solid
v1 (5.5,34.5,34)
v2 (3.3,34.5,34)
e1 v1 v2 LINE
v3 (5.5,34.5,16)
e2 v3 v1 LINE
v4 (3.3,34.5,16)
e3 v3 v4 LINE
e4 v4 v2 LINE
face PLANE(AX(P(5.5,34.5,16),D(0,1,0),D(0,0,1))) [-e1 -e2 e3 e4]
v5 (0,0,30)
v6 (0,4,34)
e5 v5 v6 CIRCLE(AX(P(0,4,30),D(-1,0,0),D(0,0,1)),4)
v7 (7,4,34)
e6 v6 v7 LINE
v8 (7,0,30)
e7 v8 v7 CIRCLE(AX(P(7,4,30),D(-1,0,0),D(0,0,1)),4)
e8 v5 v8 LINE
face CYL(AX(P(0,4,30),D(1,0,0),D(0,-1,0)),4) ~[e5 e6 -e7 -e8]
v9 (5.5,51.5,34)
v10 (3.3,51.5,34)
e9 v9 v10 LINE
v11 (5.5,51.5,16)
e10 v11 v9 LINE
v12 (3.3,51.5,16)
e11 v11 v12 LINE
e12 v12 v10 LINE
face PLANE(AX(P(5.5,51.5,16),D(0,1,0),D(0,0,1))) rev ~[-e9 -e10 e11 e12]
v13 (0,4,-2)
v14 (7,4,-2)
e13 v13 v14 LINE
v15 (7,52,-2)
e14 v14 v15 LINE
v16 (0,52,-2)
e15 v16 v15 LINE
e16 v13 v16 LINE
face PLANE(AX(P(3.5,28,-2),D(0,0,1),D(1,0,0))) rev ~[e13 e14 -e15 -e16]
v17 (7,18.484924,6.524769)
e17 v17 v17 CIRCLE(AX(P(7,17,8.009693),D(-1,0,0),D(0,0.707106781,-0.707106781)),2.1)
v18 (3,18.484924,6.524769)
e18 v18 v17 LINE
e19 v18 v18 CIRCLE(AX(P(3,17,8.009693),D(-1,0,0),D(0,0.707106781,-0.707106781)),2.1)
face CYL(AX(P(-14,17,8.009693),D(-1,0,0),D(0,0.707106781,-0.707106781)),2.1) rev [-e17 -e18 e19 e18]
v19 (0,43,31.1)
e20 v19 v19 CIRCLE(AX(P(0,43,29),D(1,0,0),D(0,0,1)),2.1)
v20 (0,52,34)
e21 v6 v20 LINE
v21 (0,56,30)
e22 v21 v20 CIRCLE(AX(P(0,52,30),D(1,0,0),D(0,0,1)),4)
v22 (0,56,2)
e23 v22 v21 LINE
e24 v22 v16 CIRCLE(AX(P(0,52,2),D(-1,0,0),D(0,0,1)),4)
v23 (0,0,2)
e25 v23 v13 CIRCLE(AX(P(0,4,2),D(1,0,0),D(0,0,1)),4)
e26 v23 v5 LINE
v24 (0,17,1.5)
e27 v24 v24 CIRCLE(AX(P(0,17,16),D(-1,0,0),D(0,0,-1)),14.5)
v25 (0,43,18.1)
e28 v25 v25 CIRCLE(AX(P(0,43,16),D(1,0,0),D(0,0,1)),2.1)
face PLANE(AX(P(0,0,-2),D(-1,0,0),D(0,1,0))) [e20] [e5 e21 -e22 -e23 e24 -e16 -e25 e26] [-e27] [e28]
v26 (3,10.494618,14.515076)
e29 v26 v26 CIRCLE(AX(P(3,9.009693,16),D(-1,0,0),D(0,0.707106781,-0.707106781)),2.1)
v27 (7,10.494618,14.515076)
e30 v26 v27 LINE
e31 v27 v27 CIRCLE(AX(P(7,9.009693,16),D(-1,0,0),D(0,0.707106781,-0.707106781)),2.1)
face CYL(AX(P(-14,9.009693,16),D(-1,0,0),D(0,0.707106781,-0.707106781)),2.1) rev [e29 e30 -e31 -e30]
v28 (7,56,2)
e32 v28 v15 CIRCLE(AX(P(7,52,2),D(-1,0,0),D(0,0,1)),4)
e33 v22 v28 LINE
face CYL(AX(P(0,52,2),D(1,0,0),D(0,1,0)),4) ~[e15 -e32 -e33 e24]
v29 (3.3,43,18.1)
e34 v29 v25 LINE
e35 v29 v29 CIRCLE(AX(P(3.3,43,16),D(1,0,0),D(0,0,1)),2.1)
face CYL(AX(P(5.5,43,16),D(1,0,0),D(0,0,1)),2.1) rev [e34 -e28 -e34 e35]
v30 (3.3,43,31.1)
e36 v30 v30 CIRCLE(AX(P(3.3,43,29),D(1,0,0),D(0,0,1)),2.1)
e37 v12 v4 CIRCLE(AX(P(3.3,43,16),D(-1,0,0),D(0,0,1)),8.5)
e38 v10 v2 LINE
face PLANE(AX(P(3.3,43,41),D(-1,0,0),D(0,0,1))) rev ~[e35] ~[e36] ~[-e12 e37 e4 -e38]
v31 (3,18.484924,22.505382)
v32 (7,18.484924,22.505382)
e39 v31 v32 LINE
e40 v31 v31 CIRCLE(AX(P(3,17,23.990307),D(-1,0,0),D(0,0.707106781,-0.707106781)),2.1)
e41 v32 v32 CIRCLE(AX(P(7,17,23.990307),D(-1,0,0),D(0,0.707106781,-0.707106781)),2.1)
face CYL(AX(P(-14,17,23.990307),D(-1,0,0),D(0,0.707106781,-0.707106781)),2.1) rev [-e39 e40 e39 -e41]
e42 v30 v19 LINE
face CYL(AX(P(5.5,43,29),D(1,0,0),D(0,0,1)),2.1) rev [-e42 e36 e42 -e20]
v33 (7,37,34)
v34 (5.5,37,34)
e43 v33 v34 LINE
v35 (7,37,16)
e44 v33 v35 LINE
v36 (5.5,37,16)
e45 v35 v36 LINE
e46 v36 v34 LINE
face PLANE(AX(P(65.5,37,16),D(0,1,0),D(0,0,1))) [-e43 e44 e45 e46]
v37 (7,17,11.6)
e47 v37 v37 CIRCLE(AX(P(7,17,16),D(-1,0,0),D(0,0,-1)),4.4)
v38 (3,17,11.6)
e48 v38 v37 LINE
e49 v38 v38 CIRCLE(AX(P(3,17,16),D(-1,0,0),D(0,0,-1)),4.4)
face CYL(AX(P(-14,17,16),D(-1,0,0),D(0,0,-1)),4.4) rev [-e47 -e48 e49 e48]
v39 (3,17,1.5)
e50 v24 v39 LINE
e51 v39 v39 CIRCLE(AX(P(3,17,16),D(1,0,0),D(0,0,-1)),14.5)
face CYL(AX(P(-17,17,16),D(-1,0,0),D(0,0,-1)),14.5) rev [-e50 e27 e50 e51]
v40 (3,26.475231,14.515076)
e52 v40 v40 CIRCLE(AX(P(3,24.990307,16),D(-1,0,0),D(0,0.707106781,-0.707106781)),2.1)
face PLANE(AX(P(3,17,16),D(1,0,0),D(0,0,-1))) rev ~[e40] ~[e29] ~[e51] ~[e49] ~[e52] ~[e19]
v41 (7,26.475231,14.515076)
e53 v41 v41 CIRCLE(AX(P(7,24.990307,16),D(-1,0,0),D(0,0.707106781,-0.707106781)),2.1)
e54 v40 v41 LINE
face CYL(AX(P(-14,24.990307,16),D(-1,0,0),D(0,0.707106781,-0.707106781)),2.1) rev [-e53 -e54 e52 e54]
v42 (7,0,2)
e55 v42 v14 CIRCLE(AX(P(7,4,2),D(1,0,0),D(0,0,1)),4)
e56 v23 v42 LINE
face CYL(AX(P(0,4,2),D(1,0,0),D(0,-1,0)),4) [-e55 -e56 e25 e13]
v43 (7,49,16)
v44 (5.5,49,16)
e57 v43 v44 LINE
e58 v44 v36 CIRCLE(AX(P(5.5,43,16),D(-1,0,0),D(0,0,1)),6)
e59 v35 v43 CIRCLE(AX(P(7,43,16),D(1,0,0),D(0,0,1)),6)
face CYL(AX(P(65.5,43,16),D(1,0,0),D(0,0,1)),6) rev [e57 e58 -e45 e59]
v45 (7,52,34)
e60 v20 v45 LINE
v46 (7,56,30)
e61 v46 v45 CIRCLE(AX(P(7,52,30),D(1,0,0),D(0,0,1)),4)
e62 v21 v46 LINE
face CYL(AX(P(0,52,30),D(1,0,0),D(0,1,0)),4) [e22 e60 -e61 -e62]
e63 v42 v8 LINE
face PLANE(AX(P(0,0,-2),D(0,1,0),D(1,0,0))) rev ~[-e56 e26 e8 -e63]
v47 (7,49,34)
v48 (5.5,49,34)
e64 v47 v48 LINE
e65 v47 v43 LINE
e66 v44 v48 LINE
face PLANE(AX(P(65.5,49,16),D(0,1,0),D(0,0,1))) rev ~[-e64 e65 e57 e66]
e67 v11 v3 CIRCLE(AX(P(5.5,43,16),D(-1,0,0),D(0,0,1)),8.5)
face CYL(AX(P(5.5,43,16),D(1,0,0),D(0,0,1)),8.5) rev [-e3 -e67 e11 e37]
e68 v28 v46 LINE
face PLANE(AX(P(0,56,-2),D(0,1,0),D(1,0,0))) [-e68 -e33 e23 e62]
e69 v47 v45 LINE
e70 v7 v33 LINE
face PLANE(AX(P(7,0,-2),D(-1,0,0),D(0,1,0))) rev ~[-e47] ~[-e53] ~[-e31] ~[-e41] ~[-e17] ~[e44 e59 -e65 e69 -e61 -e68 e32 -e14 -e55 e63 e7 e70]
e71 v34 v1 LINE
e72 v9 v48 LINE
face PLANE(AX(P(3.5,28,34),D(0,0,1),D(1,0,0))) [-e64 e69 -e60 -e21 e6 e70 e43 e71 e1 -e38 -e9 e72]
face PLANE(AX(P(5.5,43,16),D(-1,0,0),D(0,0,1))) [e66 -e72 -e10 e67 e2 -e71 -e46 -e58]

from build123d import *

# Parameters (mm, degrees)
CYLINDER018_R               = 14.5
CYLINDER018_DEPTH           = 20
CYLINDER114_R               = 2.1
CYLINDER114_DEPTH           = 30
ARRAY001010_X_COUNT         = 2
ARRAY001010_X_PITCH         = 11.3
ARRAY001010_Y_COUNT         = 2
ARRAY001010_Y_PITCH         = 11.3
COMPOUND005_PLACEMENT_ANGLE = 45
CYLINDER012_R               = 4.4
CYLINDER012_DEPTH           = 40
FUSION004_PLACEMENT_ANGLE   = 90
CYLINDER111_R               = 6
CYLINDER111_DEPTH           = 60
BOX011_W                    = 50
BOX011_H                    = 17
BOX011_DEPTH                = 2.2
BOX012_W                    = 50
BOX012_H                    = 12
BOX012_DEPTH                = 60
CYLINDER113_R               = 2.1
CYLINDER113_DEPTH           = 20
ARRAY001019_X_COUNT         = 2
ARRAY001019_X_PITCH         = 13
CYLINDER112_R               = 8.5
CYLINDER112_DEPTH           = 2.2
FUSION013_PLACEMENT_ANGLE   = 90
BOX010_W                    = 7
BOX010_H                    = 56
BOX010_DEPTH                = 36
FILLET005_R                 = 4


with BuildPart() as backlash_nut_disk_hole:
    # Cylinder018 → Cylinder018 (new body)
    with BuildSketch(Plane.XY.offset(-23)):
        Circle(CYLINDER018_R)
    extrude(amount=CYLINDER018_DEPTH)


with BuildPart() as backlash_insert_holes_compound:
    # Cylinder114 → Cylinder114 (new body)
    with BuildSketch(Plane.XY.offset(-20)):
        Circle(CYLINDER114_R)
    extrude(amount=CYLINDER114_DEPTH)

    # Array001010 X: backlash insert holes compound ×2


with BuildPart() as backlash_insert_holes_compound_1:
    add(backlash_insert_holes_compound.part)
    with Locations(*[(i * ARRAY001010_X_PITCH, 0, 0) for i in range(1, ARRAY001010_X_COUNT)]):
        add(backlash_insert_holes_compound.part)

    # Array001010 Y: backlash insert holes compound ×2


with BuildPart() as backlash_insert_holes_compound_2:
    add(backlash_insert_holes_compound_1.part)
    with Locations(*[(0, i * ARRAY001010_Y_PITCH, 0) for i in range(1, ARRAY001010_Y_COUNT)]):
        add(backlash_insert_holes_compound_1.part)


with BuildPart() as backlash_insert_holes_compound_3:
    # Array001010 placement: moved
    add(backlash_insert_holes_compound_2.part.moved(Location((-5.65, -5.65, 0))))


with BuildPart() as backlash_insert_holes_compound_4:
    # Compound005 placement: moved
    add(backlash_insert_holes_compound_3.part.rotate(Axis((0, 0, 0), (0, 0, 1)), COMPOUND005_PLACEMENT_ANGLE))


with BuildPart() as nut_disk_hole_union:
    # Cylinder012 → Cylinder012 (new body)
    with BuildSketch(Plane.XY.offset(-20)):
        Circle(CYLINDER012_R)
    extrude(amount=CYLINDER012_DEPTH)

    # Fusion004: union backlash nut disk hole, backlash insert holes compound
    add(backlash_nut_disk_hole.part)
    add(backlash_insert_holes_compound_4.part)


with BuildPart() as nut_disk_hole_union_1:
    # Fusion004 placement: moved
    add(nut_disk_hole_union.part.moved(Location((6, 17, 16))).rotate(Axis((6, 17, 16), (0, 1, 0)), FUSION004_PLACEMENT_ANGLE))


with BuildPart() as syringe_pusher_body_extract:
    # Cylinder111 → Cylinder111 (new body)
    with BuildSketch(Plane.XY):
        Circle(CYLINDER111_R)
    extrude(amount=CYLINDER111_DEPTH)


with BuildPart() as syringe_pusher_disk_path_extract:
    # Box011 → Box011 (new body)
    with BuildSketch(Plane(origin=(0, -8.5, 60), x_dir=(1, 0, 0), z_dir=(0, 0, 1))):
        with Locations((25, 8.5)):
            Rectangle(BOX011_W, BOX011_H)
    extrude(amount=BOX011_DEPTH)


with BuildPart() as syringe_pusher_body_path_extract:
    # Box012 → Box012 (new body)
    with BuildSketch(Plane(origin=(0, -6, 0), x_dir=(1, 0, 0), z_dir=(0, 0, 1))):
        with Locations((25, 6)):
            Rectangle(BOX012_W, BOX012_H)
    extrude(amount=BOX012_DEPTH)


with BuildPart() as syringe_pusher_insert_hole_extract_array:
    # Cylinder113 → Cylinder113 (new body)
    with BuildSketch(Plane.XY.offset(60)):
        Circle(CYLINDER113_R)
    extrude(amount=CYLINDER113_DEPTH)

    # Array001019 X: syringe pusher insert hole extract array ×2


with BuildPart() as syringe_pusher_insert_hole_extract_array_1:
    add(syringe_pusher_insert_hole_extract_array.part)
    with Locations(*[(i * ARRAY001019_X_PITCH, 0, 0) for i in range(1, ARRAY001019_X_COUNT)]):
        add(syringe_pusher_insert_hole_extract_array.part)


with BuildPart() as middle_block_extract_fusion:
    # Cylinder112 → Cylinder112 (new body)
    with BuildSketch(Plane.XY.offset(60)):
        Circle(CYLINDER112_R)
    extrude(amount=CYLINDER112_DEPTH)

    # Fusion013: union syringe pusher body extract, syringe pusher disk path extract, syringe pusher body path extract, syringe pusher insert hole extract array
    add(syringe_pusher_body_extract.part)
    add(syringe_pusher_disk_path_extract.part)
    add(syringe_pusher_body_path_extract.part)
    add(syringe_pusher_insert_hole_extract_array_1.part)


with BuildPart() as middle_block_extract_fusion_1:
    # Fusion013 placement: moved
    add(middle_block_extract_fusion.part.moved(Location((65.5, 43, 16))).rotate(Axis((65.5, 43, 16), (0, -1, 0)), FUSION013_PLACEMENT_ANGLE))

    # Fusion014: union nut disk hole union
    add(nut_disk_hole_union_1.part)


with BuildPart() as middle_block_cut:
    # Box010 → Box010 (new body)
    with BuildSketch(Plane.XY.offset(-2)):
        with Locations((3.5, 28)):
            Rectangle(BOX010_W, BOX010_H)
    extrude(amount=BOX010_DEPTH)

    # Fillet005
    fillet005_edges = [middle_block_cut.edges().sort_by_distance(p)[0] for p in [
        (3.5, 0, -2),
        (3.5, 0, 34),
        (3.5, 56, -2),
        (3.5, 56, 34),
    ]]
    fillet(fillet005_edges, radius=FILLET005_R)

    # Cut009: cut middle block extract fusion
    add(middle_block_extract_fusion_1.part, mode=Mode.SUBTRACT)


solid = middle_block_cut.part
